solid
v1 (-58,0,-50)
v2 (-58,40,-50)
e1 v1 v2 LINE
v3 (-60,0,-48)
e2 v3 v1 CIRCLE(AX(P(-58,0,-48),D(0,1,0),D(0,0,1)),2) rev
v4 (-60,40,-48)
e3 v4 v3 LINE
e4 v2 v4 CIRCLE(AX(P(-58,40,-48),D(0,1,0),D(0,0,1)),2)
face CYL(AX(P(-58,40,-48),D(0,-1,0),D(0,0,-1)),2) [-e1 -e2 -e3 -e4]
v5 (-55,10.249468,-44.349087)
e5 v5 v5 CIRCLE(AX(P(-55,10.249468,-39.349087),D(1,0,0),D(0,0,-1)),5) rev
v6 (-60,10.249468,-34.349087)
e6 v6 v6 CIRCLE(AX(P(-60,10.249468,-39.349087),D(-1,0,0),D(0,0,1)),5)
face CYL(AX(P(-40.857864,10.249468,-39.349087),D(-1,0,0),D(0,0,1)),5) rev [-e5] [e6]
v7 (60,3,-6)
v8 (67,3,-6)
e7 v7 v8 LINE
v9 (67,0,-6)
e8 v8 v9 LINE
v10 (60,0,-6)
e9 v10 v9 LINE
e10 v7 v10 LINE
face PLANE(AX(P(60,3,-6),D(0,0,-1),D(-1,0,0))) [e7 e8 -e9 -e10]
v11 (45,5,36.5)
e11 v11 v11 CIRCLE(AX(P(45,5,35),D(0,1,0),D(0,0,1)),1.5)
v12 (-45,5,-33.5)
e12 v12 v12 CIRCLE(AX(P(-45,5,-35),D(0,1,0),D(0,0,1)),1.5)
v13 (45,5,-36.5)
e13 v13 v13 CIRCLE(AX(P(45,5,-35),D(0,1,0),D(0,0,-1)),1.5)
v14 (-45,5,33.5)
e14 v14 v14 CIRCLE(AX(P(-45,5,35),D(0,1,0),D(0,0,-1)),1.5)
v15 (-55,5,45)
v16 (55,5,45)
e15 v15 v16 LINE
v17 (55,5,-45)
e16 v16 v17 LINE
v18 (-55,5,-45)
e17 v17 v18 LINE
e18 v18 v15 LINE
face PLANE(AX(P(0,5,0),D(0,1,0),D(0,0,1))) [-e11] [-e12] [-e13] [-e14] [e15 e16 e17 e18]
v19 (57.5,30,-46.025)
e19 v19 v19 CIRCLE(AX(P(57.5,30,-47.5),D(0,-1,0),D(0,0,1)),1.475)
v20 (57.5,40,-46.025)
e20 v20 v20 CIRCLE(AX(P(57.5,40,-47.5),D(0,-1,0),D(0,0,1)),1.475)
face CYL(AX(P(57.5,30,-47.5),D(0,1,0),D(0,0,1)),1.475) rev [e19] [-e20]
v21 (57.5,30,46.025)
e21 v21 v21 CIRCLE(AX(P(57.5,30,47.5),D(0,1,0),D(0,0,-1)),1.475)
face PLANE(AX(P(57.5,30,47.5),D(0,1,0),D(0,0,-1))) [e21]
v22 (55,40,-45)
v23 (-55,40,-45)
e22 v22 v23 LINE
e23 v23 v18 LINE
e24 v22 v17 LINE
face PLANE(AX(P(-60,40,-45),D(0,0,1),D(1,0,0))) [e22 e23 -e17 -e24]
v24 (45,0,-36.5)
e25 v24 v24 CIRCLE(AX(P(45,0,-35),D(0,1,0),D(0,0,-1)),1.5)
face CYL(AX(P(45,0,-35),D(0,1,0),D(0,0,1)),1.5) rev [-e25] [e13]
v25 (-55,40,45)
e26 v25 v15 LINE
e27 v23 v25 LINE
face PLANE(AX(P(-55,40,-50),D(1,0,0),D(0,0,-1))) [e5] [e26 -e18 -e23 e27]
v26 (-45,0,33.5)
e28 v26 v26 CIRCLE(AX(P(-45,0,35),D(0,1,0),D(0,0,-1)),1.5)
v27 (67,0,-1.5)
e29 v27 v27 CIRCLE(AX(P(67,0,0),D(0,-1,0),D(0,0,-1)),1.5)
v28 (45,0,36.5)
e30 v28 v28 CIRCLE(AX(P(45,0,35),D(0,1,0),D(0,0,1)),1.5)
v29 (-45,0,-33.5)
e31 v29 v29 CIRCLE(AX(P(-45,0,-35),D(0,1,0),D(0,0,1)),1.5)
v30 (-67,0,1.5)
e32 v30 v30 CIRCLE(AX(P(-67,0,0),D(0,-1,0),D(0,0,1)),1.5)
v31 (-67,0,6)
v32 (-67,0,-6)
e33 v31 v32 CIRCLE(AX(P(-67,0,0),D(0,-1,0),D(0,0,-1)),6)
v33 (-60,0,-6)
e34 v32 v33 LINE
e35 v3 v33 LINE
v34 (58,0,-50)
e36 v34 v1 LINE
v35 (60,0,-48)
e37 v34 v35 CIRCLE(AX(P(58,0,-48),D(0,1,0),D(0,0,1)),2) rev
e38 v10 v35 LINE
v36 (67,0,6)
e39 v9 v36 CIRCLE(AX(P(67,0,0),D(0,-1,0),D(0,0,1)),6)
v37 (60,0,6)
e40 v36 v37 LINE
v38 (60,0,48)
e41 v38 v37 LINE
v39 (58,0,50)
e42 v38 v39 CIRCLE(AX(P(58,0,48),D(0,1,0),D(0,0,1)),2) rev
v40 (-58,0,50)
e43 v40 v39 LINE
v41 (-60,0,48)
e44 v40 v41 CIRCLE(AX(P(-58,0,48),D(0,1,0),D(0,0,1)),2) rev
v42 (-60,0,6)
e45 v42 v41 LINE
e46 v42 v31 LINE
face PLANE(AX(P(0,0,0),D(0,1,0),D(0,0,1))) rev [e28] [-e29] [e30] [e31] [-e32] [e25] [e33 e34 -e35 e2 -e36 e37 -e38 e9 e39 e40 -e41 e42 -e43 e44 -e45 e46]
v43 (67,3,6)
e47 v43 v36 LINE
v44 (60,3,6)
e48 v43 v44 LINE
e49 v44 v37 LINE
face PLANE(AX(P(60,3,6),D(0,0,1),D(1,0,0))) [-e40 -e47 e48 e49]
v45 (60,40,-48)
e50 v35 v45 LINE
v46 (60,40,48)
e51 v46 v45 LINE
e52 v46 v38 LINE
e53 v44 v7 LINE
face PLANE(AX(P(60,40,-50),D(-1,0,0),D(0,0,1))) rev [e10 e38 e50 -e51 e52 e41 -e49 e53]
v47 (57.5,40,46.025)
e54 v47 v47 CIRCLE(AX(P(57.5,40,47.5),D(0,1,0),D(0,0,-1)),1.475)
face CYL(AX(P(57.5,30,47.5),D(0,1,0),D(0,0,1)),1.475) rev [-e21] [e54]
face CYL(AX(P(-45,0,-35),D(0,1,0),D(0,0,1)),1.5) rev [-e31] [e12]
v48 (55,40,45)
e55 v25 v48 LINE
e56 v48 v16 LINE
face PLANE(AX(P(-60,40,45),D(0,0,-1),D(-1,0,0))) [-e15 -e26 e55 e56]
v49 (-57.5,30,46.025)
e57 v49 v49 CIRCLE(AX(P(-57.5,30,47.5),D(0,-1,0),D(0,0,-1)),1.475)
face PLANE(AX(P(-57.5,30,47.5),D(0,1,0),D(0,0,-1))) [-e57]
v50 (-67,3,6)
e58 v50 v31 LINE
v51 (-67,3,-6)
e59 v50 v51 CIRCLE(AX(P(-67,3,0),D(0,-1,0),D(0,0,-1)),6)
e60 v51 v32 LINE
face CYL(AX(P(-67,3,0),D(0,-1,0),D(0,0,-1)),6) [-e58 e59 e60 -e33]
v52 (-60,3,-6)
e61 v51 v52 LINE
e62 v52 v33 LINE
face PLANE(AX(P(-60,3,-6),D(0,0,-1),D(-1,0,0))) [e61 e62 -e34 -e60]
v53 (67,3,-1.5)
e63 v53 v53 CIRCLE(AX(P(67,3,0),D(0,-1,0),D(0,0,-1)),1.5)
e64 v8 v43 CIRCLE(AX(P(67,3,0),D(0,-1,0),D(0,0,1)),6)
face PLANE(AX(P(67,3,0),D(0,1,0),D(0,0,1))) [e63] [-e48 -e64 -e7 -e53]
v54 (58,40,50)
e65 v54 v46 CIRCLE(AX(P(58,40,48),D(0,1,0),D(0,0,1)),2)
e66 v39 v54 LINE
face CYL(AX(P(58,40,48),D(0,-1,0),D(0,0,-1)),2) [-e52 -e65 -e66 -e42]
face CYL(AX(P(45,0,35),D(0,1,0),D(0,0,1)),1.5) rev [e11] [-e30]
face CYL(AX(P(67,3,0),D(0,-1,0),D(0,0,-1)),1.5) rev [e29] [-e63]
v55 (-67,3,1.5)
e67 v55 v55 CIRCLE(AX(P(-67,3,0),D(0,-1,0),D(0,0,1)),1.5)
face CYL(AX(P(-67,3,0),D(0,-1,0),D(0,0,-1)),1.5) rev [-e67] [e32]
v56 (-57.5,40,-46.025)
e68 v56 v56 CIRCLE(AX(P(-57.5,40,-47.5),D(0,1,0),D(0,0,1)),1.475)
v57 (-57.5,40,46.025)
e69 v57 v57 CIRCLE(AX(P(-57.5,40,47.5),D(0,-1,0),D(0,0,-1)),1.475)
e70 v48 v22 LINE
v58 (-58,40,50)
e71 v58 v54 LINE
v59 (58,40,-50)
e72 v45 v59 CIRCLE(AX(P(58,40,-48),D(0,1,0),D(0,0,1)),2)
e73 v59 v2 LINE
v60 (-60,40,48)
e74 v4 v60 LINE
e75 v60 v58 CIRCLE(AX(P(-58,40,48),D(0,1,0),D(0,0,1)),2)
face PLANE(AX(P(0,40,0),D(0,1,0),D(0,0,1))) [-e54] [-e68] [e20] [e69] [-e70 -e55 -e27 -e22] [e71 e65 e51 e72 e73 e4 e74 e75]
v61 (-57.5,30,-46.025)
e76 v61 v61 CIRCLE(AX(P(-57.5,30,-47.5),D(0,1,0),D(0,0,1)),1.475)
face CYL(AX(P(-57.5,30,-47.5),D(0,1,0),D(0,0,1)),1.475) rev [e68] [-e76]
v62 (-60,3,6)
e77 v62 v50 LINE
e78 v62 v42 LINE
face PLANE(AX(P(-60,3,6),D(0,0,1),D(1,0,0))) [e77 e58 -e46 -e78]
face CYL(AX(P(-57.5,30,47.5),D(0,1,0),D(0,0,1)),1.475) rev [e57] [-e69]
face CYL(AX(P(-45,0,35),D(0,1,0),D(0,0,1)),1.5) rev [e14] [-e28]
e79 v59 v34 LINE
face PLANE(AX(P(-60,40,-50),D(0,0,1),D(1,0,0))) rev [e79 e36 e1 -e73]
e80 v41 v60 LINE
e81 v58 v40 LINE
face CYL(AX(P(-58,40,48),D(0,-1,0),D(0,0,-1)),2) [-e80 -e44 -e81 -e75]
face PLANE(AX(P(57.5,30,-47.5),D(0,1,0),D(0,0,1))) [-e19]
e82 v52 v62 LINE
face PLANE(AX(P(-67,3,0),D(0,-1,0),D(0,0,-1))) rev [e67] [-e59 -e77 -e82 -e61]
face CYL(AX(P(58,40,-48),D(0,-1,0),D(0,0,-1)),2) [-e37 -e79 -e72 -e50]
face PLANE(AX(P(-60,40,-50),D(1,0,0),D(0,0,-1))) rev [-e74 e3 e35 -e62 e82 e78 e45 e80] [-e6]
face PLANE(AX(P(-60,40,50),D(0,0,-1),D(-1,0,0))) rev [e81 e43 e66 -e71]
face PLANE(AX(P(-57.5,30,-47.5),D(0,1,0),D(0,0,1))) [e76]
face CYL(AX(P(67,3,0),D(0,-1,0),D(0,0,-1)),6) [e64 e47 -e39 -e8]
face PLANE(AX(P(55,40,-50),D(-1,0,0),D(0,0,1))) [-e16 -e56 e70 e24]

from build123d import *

# Parameters (mm, degrees)
SKETCH1_W               = 120
SKETCH1_H               = 100
BOSS_EXTRUDE1_DEPTH     = 40
SHELL1_T                = -5
SKETCH2_R               = 1.5
CUT_EXTRUDE1_DEPTH      = 86.586213843
SKETCH4_R               = 1.5
BOSS_EXTRUDE2_DEPTH     = 3
SKETCH7_R               = 5
CUT_EXTRUDE2_DEPTH      = 5
SKETCH8_R               = 1.475
CUT_EXTRUDE3_DEPTH      = 10
MIRROR2_COPY_1_SKETCH_R = 1.475
MIRROR2_COPY_1_DEPTH    = 10
FILLET1_R               = 2


with BuildPart() as part:
    # Sketch1 → Boss-Extrude1 (new body)
    with BuildSketch(Plane(origin=(0, 0, 0), x_dir=(1, 0, 0), z_dir=(0, 1, 0))):
        Rectangle(SKETCH1_W, SKETCH1_H)
    extrude(amount=BOSS_EXTRUDE1_DEPTH)

    # Shell1
    shell1_openings = [part.faces().sort_by_distance(p)[0] for p in [
        (0, 40, 0),
    ]]
    offset(amount=SHELL1_T, openings=shell1_openings, kind=Kind.INTERSECTION)

    # Sketch2 → Cut-Extrude1 (cut, through all)
    with BuildSketch(Plane(origin=(0, 5, 0), x_dir=(1, 0, 0), z_dir=(0, 1, 0))):
        with Locations(Location((-45, 35, 0), (0, 0, 270))):
            Circle(SKETCH2_R)
        with Locations(Location((45, 35, 0), (0, 0, 90))):
            Circle(SKETCH2_R)
        with Locations(Location((45, -35, 0), (0, 0, 270))):
            Circle(SKETCH2_R)
        with Locations(Location((-45, -35, 0), (0, 0, 90))):
            Circle(SKETCH2_R)
    extrude(amount=-CUT_EXTRUDE1_DEPTH, mode=Mode.SUBTRACT)

    # Sketch4 → Boss-Extrude2 (add)
    # profile 1 of 2: a face of its own
    with BuildSketch(Plane.XZ):
        with BuildLine():
            Line((60, 6), (67, 6))
            ThreePointArc((67, 6), (73, 0), (67, -6))
            Line((67, -6), (60, -6))
            Line((60, -6), (60, 6))
        make_face()
        with Locations(Location((67, 0, 0), (0, 0, 270))):
            Circle(SKETCH4_R, mode=Mode.SUBTRACT)
    # profile 2 of 2: a face of its own
    with BuildSketch(Plane.XZ):
        with BuildLine():
            Line((-60, 6), (-60, -6))
            Line((-60, -6), (-67, -6))
            ThreePointArc((-67, -6), (-73, 0), (-67, 6))
            Line((-67, 6), (-60, 6))
        make_face()
        with Locations(Location((-67, 0, 0), (0, 0, 90))):
            Circle(SKETCH4_R, mode=Mode.SUBTRACT)
    extrude(amount=-BOSS_EXTRUDE2_DEPTH)

    # Sketch7 → Cut-Extrude2 (cut)
    with BuildSketch(Plane.ZY.offset(60)):
        with Locations((-39.349087079, 10.249467904)):
            Circle(SKETCH7_R)
    extrude(amount=-CUT_EXTRUDE2_DEPTH, mode=Mode.SUBTRACT)

    # Sketch8 → Cut-Extrude3 (cut)
    with BuildSketch(Plane(origin=(0, 40, 0), x_dir=(1, 0, 0), z_dir=(0, 1, 0))):
        with Locations(Location((-57.5, 47.5, 0), (0, 0, 270))):
            Circle(SKETCH8_R)
    cut_extrude3 = extrude(amount=-CUT_EXTRUDE3_DEPTH, mode=Mode.SUBTRACT)

    # Mirror1: Cut-Extrude3 across plane
    add(cut_extrude3.mirror(Plane(origin=(0, 0, 0), x_dir=(0, 0, 1), z_dir=(1, 0, 0))), mode=Mode.SUBTRACT)

    # Mirror2: Cut-Extrude3 across plane
    add(cut_extrude3.mirror(Plane.XY), mode=Mode.SUBTRACT)

    # Mirror2 copy 1 sketch → Mirror2 copy 1 (cut)
    with BuildSketch(Plane(origin=(0, 40, 0), x_dir=(-1, 0, 0), z_dir=(0, 1, 0))):
        with Locations(Location((-57.5, 47.5, 0), (0, 0, 270))):
            Circle(MIRROR2_COPY_1_SKETCH_R)
    extrude(amount=-MIRROR2_COPY_1_DEPTH, mode=Mode.SUBTRACT)

    # Fillet1
    fillet1_edges = [part.edges().sort_by_distance(p)[0] for p in [
        (60, 20, 50),
        (-60, 20, 50),
        (-60, 20, -50),
        (60, 20, -50),
    ]]
    fillet(fillet1_edges, radius=FILLET1_R)


solid = part.part
